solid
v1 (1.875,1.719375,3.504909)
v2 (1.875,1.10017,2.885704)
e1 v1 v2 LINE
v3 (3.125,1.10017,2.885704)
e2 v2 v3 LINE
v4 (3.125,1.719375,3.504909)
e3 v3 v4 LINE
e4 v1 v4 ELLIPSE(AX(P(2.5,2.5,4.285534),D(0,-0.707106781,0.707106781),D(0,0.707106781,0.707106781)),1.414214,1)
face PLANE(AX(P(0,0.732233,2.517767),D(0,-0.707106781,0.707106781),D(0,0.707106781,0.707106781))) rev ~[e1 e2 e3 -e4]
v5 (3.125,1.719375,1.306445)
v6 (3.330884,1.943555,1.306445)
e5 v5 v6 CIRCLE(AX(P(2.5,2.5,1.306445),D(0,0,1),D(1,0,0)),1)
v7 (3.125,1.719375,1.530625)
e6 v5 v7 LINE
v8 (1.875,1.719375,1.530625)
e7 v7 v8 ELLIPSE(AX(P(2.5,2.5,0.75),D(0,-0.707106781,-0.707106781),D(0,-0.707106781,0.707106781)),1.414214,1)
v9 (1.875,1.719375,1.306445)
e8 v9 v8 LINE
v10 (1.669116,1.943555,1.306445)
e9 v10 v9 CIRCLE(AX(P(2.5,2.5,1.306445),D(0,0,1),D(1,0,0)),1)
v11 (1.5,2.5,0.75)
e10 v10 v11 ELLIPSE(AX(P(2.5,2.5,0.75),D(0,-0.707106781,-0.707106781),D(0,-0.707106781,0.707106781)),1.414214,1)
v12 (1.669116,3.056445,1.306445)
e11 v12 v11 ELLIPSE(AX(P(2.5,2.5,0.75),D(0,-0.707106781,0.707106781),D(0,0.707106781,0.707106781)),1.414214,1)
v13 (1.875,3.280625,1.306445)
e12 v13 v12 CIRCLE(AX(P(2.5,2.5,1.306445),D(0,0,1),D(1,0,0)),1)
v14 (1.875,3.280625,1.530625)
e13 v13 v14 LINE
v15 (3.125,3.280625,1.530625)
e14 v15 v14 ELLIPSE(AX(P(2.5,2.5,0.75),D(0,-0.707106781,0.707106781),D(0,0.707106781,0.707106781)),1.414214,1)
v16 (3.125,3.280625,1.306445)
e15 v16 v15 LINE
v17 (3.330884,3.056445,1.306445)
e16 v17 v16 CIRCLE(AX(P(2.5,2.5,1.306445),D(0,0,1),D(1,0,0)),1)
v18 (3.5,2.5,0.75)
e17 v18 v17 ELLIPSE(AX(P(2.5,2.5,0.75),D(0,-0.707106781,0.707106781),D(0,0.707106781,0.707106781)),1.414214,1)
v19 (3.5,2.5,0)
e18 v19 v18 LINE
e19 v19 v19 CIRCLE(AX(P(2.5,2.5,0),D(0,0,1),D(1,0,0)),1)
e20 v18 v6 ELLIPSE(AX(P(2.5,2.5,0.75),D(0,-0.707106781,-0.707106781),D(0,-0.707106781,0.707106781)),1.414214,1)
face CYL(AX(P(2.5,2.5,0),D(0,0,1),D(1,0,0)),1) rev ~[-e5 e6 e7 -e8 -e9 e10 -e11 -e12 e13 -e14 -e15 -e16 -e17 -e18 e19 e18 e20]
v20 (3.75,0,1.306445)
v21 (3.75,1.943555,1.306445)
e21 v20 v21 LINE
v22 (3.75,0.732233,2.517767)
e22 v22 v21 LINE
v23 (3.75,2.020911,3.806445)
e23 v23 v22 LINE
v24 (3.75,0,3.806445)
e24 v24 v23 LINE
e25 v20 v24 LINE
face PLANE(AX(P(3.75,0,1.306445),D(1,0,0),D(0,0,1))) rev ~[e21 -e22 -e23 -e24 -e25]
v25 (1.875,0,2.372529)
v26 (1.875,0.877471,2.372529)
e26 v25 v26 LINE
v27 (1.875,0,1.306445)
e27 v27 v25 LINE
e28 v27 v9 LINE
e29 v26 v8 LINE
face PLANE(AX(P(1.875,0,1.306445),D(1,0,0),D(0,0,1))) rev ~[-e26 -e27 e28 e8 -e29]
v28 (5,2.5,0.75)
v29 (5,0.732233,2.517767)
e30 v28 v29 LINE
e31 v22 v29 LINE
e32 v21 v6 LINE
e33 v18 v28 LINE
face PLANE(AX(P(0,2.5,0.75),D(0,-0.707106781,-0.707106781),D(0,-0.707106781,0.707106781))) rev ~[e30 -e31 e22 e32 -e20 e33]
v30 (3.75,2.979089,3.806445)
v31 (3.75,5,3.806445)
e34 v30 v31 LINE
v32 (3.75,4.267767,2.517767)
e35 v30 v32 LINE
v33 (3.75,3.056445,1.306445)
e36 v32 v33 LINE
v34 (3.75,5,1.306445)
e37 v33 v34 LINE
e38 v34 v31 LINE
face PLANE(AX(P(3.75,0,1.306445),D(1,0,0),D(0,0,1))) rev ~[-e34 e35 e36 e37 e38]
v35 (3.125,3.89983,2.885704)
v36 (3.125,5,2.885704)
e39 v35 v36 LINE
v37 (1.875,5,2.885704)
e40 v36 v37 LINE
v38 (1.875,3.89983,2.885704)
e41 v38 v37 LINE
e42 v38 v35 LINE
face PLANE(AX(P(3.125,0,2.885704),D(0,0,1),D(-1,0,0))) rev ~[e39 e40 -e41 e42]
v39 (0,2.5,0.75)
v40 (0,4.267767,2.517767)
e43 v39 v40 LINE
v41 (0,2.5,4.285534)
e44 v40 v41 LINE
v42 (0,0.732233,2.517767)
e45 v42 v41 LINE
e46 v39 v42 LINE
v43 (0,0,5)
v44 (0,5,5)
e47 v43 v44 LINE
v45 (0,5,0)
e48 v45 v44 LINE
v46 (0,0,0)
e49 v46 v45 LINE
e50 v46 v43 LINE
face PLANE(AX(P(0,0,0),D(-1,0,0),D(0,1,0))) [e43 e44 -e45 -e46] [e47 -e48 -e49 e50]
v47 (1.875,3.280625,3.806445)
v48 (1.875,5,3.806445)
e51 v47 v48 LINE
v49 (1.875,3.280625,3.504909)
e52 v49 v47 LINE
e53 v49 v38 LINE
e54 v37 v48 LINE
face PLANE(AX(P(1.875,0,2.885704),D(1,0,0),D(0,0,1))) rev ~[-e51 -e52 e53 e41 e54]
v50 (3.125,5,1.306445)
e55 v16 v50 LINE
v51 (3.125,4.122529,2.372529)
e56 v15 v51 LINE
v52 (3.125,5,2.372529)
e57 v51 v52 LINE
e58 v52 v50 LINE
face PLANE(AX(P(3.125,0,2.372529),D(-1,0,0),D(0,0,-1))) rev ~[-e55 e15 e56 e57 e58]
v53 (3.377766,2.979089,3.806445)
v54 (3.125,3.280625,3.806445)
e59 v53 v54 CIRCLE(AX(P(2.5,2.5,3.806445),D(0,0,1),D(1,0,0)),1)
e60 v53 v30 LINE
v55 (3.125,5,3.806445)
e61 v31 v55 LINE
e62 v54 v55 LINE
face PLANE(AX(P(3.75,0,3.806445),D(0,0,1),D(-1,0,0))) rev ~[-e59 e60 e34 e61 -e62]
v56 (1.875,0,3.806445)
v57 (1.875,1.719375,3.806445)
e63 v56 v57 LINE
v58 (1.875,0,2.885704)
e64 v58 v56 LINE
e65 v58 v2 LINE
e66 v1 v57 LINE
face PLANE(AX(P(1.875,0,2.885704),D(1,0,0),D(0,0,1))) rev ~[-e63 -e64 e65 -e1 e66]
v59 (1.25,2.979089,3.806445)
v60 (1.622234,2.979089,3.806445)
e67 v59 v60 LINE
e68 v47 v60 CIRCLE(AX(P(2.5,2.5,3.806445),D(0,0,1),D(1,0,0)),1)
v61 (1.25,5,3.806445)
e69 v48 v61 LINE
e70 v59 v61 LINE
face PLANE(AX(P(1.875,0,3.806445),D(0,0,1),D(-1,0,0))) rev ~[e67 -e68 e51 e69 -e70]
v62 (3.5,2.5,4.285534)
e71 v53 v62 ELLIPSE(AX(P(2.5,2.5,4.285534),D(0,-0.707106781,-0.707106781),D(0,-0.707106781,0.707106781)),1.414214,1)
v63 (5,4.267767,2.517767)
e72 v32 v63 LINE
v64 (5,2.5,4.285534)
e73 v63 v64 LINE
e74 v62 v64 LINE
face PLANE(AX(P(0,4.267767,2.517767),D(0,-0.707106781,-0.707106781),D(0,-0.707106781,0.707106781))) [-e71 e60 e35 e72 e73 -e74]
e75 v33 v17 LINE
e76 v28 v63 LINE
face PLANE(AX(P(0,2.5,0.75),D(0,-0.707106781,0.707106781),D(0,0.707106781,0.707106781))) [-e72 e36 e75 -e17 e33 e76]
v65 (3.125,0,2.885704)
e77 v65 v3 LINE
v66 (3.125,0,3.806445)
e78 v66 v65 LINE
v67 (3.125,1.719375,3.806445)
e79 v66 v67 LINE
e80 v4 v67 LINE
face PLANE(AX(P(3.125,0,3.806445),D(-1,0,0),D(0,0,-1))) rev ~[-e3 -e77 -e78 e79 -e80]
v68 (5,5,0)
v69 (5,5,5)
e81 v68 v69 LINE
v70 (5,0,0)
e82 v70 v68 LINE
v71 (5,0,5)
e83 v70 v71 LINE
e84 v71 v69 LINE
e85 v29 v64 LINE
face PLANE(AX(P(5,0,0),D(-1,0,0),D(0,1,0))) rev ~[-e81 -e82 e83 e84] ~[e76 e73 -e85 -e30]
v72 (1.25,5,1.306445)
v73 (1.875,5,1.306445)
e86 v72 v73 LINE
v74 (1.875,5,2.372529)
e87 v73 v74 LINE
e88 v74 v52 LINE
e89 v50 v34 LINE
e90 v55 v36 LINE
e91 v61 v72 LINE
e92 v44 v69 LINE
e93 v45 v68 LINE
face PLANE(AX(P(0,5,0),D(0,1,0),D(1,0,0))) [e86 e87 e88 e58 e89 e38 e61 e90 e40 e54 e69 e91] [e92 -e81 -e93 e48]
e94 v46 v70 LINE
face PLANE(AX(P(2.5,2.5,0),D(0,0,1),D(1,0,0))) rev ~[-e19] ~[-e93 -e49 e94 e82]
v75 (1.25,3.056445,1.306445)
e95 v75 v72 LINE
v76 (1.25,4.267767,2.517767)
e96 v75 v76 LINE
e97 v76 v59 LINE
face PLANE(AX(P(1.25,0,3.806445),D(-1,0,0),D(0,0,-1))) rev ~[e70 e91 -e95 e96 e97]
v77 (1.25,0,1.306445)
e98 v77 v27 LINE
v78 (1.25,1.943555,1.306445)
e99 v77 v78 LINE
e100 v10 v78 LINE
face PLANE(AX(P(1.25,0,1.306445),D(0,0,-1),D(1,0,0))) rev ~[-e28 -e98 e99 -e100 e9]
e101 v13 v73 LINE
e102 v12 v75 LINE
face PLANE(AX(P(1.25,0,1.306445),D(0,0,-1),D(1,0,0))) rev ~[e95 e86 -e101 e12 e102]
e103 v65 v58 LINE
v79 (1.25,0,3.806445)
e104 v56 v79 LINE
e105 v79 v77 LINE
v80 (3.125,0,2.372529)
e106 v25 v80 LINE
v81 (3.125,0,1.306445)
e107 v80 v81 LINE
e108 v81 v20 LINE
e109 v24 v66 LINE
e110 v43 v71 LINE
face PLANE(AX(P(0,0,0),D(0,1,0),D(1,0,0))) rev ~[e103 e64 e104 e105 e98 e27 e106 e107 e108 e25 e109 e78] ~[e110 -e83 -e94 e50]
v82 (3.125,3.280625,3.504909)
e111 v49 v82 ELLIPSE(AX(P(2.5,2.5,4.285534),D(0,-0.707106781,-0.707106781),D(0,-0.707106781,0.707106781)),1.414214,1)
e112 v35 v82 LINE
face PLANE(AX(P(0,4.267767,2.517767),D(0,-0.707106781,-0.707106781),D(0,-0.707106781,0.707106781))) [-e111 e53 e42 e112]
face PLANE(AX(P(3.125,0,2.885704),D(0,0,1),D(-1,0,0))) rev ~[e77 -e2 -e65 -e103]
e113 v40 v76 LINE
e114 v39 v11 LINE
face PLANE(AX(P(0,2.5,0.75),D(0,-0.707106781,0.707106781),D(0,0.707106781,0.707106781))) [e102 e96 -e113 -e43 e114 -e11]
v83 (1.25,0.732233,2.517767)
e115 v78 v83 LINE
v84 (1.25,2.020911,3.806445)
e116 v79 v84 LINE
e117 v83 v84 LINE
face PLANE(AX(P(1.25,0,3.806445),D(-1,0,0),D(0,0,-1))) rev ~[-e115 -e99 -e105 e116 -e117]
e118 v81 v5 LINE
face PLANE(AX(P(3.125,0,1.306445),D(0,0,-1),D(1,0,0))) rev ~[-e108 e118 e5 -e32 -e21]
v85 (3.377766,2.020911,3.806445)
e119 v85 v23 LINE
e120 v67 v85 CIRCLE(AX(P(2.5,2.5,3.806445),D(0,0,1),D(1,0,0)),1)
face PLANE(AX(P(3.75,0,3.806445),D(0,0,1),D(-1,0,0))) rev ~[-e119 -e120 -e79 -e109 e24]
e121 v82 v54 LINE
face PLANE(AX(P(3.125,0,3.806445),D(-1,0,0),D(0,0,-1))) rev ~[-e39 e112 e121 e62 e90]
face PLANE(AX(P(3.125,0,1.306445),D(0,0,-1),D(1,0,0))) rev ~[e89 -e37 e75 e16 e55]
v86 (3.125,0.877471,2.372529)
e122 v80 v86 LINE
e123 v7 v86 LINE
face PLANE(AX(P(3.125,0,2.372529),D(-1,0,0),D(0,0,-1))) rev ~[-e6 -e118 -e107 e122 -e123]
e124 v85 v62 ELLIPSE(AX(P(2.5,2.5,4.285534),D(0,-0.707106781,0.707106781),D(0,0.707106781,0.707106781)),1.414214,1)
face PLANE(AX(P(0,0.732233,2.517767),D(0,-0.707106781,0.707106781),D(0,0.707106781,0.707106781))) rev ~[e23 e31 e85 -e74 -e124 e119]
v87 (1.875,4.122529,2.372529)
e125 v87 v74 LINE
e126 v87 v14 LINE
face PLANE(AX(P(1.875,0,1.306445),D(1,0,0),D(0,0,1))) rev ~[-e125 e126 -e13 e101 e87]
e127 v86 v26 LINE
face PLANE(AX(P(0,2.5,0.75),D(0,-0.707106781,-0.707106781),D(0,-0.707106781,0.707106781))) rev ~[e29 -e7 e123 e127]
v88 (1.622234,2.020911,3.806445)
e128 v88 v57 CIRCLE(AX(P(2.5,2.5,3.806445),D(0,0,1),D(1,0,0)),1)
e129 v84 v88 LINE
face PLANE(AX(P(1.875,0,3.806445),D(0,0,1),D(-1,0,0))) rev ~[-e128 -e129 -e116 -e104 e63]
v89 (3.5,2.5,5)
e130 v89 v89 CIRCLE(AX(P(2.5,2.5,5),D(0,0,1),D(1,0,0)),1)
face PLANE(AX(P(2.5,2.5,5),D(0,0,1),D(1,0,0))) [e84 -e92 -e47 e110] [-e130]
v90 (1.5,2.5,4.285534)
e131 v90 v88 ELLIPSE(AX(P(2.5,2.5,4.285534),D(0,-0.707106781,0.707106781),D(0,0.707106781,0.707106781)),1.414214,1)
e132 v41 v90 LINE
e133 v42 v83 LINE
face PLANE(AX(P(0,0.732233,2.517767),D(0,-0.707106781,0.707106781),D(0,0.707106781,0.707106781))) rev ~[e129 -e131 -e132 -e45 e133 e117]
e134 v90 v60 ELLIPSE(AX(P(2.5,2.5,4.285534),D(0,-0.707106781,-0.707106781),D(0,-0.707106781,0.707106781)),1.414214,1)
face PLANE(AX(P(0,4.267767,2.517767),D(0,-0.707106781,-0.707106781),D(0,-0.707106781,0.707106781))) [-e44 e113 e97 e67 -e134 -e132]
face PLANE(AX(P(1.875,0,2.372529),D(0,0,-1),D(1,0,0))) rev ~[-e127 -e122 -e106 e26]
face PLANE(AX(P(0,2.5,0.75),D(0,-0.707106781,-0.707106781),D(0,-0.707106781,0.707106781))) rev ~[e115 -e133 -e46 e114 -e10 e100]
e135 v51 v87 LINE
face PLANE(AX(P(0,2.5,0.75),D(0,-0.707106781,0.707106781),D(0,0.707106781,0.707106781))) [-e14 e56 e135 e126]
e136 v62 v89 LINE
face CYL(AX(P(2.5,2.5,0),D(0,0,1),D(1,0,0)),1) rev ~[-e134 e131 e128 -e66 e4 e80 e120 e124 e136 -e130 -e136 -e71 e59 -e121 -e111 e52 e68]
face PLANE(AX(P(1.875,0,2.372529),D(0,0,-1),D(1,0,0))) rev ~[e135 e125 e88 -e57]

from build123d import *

# Parameters (mm, degrees)
BOX_W           = 5
BOX_H           = 5
BOX_DEPTH       = 5
SKETCH_R        = 1
POCKET_DEPTH    = 7.5
POCKET001_DEPTH = 5
BOX001_W        = 2.5
BOX001_H        = 2.5
BOX001_DEPTH    = 5


with BuildPart() as part:
    # Box → Box (join)
    with BuildSketch(Plane.XY):
        with Locations((2.5, 2.5)):
            Rectangle(BOX_W, BOX_H)
    extrude(amount=BOX_DEPTH)

    # Sketch → Pocket (cut, symmetric)
    with BuildSketch(Plane.XY):
        with Locations((2.5, 2.5)):
            Circle(SKETCH_R)
    extrude(amount=POCKET_DEPTH, both=True, mode=Mode.SUBTRACT)

    # Sketch001 → Pocket001 (cut)
    with BuildSketch(Plane.XZ):
        Polygon((1.25, 3.806445), (1.25, 1.306445), (1.875, 1.306445), (1.875, 2.372529), (3.125, 2.372529), (3.125, 1.306445), (3.75, 1.306445), (3.75, 3.806445), (3.125, 3.806445), (3.125, 2.885704), (1.875, 2.885704), (1.875, 3.806445), align=None)
    extrude(amount=-POCKET001_DEPTH, mode=Mode.SUBTRACT)

    # Box001 → Box001 (cut)
    with BuildSketch(Plane(origin=(0, 2.5, 0.75), x_dir=(0, 0.707107, 0.707107), z_dir=(1, 0, 0))):
        with Locations((1.25, 1.25)):
            Rectangle(BOX001_W, BOX001_H)
    extrude(amount=BOX001_DEPTH, mode=Mode.SUBTRACT)


solid = part.part
